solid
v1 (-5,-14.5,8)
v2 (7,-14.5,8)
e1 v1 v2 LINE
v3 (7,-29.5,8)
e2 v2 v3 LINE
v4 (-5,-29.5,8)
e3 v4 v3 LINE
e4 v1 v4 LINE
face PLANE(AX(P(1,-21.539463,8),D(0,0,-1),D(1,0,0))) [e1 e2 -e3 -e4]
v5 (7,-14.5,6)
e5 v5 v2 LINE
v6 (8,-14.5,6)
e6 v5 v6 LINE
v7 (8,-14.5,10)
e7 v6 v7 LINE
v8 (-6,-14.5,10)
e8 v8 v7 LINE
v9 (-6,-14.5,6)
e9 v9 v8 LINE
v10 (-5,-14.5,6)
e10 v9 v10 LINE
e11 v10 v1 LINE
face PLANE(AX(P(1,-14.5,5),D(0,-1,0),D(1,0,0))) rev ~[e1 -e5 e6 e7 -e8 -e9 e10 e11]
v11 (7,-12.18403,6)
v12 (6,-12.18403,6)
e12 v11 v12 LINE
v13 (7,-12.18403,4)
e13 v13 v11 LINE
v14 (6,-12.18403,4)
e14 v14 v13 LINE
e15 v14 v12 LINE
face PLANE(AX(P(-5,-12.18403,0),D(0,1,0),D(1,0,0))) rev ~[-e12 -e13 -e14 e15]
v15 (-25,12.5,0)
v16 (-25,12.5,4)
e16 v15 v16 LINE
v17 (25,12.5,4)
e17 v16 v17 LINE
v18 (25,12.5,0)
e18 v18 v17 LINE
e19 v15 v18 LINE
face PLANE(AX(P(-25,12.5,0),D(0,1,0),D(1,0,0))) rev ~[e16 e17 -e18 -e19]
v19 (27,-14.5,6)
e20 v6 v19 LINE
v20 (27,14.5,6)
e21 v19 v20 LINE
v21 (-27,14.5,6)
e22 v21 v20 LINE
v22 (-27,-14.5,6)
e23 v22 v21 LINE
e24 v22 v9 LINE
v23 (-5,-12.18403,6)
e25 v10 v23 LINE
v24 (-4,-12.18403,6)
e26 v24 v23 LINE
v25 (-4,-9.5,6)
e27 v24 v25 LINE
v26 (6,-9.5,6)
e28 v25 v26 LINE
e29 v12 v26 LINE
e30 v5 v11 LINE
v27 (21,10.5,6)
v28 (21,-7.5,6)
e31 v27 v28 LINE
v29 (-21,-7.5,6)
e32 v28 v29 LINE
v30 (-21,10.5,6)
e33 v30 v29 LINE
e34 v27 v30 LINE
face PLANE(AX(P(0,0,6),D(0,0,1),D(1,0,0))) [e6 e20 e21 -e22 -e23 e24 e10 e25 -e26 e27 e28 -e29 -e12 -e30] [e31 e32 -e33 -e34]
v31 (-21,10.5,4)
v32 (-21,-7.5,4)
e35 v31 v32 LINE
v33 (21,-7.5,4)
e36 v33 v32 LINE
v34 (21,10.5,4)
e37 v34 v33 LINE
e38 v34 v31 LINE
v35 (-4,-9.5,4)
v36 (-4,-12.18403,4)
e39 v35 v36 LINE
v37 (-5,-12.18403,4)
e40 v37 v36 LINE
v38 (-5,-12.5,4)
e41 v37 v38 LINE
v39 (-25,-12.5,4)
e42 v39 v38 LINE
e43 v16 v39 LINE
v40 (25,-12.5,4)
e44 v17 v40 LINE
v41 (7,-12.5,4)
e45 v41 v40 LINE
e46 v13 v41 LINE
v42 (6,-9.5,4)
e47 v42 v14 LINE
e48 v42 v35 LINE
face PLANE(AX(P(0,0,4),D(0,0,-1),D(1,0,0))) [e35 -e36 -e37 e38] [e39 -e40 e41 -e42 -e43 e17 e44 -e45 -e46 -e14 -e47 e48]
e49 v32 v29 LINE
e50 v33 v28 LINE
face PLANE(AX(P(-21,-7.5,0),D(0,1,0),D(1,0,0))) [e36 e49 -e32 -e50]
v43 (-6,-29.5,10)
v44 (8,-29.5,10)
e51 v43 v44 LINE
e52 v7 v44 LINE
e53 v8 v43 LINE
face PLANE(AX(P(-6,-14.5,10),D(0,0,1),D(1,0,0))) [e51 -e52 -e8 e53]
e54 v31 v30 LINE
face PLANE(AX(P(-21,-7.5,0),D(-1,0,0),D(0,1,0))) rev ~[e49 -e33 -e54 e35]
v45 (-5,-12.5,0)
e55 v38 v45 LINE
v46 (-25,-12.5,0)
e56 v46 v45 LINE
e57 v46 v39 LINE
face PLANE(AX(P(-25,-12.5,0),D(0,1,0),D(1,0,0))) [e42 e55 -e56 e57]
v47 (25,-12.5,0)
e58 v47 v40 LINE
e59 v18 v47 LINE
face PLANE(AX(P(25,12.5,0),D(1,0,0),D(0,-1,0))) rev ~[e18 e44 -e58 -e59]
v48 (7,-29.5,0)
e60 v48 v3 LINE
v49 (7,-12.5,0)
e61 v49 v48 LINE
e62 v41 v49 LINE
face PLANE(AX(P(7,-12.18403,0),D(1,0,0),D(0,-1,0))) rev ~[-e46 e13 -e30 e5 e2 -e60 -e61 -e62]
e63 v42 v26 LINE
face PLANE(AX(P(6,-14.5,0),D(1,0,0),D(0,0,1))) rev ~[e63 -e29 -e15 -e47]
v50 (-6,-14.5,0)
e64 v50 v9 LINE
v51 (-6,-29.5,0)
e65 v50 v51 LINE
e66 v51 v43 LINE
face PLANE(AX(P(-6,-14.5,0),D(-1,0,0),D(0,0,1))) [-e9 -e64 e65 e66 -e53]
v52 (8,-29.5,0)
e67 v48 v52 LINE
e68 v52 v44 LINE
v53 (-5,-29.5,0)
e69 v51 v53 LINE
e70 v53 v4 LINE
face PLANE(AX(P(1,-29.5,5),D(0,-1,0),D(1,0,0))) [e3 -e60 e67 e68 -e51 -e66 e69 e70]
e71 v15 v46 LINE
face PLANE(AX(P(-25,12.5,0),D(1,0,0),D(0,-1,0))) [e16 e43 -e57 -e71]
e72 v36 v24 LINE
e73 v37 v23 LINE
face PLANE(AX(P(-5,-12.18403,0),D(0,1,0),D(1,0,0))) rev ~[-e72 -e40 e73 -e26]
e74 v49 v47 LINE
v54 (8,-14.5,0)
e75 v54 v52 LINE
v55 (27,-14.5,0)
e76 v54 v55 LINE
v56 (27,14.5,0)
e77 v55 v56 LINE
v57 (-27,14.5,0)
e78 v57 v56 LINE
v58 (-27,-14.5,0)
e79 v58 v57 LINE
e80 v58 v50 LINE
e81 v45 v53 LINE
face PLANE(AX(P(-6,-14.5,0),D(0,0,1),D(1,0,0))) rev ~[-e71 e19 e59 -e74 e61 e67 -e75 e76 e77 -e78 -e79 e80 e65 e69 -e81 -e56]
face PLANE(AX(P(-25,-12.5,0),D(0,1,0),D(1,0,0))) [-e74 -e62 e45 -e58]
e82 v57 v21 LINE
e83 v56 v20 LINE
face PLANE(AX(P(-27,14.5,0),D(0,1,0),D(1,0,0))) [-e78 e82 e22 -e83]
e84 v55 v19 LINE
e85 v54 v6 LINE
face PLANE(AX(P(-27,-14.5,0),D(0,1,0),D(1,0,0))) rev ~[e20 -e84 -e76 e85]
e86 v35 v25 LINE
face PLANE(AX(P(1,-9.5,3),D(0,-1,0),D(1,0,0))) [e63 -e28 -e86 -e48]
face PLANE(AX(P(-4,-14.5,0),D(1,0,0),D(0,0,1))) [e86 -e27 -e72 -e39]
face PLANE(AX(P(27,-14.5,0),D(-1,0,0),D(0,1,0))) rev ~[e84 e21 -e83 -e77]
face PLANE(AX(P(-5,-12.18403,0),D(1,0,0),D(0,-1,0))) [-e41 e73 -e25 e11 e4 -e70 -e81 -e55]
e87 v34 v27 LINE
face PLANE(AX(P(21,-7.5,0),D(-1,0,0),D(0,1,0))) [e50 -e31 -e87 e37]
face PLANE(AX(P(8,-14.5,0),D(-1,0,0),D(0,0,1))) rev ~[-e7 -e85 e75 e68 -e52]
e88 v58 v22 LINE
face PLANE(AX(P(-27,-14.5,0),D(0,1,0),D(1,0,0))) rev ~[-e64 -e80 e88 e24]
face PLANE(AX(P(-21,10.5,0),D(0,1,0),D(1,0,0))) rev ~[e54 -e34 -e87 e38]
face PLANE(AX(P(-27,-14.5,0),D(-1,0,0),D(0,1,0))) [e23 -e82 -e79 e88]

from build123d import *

# Parameters (mm, degrees)
F0_W      = 54
F0_H      = 29
F2_DEPTH  = 6
F1_W      = 42
F1_H      = 18
F3_DEPTH  = 25.4
F4_W      = 50
F4_H      = 25
F5_DEPTH  = 4
F6_W      = 10
F6_H      = 6
F7_DEPTH  = 5
F8_W      = 14
F8_H      = 10
F9_DEPTH  = 15
F10_W     = 12
F10_H     = 18.710866
F11_DEPTH = 8


with BuildPart() as f2:
    # F0 (on Top) → F2 (new body)
    with BuildSketch(Plane.XY):
        Rectangle(F0_W, F0_H)
    extrude(amount=F2_DEPTH)

    # F1 (on face) → F3 (cut)
    with BuildSketch(Plane.XY):
        with Locations((0, 1.5)):
            Rectangle(F1_W, F1_H)
    extrude(amount=F3_DEPTH, mode=Mode.SUBTRACT)

    # F4 (on face) → F5 (cut)
    with BuildSketch(Plane(origin=(0, 0, 0), x_dir=(1, 0, 0), z_dir=(0, 0, -1))):
        Rectangle(F4_W, F4_H)
    extrude(amount=-F5_DEPTH, mode=Mode.SUBTRACT)

    # F6 (on face) → F7 (cut)
    with BuildSketch(Plane.XZ.offset(14.5)):
        with Locations((1, 3)):
            Rectangle(F6_W, F6_H)
    extrude(amount=-F7_DEPTH, mode=Mode.SUBTRACT)

    # F8 (on face) → F9 (join)
    with BuildSketch(Plane.XZ.offset(14.5)):
        with Locations((1, 5)):
            Rectangle(F8_W, F8_H)
    extrude(amount=F9_DEPTH)

    # F10 (on face) → F11 (cut)
    with BuildSketch(Plane(origin=(0, 0, 0), x_dir=(1, 0, 0), z_dir=(0, 0, -1))):
        with Locations((1, 21.539463)):
            Rectangle(F10_W, F10_H)
    extrude(amount=-F11_DEPTH, mode=Mode.SUBTRACT)


solid = f2.part
